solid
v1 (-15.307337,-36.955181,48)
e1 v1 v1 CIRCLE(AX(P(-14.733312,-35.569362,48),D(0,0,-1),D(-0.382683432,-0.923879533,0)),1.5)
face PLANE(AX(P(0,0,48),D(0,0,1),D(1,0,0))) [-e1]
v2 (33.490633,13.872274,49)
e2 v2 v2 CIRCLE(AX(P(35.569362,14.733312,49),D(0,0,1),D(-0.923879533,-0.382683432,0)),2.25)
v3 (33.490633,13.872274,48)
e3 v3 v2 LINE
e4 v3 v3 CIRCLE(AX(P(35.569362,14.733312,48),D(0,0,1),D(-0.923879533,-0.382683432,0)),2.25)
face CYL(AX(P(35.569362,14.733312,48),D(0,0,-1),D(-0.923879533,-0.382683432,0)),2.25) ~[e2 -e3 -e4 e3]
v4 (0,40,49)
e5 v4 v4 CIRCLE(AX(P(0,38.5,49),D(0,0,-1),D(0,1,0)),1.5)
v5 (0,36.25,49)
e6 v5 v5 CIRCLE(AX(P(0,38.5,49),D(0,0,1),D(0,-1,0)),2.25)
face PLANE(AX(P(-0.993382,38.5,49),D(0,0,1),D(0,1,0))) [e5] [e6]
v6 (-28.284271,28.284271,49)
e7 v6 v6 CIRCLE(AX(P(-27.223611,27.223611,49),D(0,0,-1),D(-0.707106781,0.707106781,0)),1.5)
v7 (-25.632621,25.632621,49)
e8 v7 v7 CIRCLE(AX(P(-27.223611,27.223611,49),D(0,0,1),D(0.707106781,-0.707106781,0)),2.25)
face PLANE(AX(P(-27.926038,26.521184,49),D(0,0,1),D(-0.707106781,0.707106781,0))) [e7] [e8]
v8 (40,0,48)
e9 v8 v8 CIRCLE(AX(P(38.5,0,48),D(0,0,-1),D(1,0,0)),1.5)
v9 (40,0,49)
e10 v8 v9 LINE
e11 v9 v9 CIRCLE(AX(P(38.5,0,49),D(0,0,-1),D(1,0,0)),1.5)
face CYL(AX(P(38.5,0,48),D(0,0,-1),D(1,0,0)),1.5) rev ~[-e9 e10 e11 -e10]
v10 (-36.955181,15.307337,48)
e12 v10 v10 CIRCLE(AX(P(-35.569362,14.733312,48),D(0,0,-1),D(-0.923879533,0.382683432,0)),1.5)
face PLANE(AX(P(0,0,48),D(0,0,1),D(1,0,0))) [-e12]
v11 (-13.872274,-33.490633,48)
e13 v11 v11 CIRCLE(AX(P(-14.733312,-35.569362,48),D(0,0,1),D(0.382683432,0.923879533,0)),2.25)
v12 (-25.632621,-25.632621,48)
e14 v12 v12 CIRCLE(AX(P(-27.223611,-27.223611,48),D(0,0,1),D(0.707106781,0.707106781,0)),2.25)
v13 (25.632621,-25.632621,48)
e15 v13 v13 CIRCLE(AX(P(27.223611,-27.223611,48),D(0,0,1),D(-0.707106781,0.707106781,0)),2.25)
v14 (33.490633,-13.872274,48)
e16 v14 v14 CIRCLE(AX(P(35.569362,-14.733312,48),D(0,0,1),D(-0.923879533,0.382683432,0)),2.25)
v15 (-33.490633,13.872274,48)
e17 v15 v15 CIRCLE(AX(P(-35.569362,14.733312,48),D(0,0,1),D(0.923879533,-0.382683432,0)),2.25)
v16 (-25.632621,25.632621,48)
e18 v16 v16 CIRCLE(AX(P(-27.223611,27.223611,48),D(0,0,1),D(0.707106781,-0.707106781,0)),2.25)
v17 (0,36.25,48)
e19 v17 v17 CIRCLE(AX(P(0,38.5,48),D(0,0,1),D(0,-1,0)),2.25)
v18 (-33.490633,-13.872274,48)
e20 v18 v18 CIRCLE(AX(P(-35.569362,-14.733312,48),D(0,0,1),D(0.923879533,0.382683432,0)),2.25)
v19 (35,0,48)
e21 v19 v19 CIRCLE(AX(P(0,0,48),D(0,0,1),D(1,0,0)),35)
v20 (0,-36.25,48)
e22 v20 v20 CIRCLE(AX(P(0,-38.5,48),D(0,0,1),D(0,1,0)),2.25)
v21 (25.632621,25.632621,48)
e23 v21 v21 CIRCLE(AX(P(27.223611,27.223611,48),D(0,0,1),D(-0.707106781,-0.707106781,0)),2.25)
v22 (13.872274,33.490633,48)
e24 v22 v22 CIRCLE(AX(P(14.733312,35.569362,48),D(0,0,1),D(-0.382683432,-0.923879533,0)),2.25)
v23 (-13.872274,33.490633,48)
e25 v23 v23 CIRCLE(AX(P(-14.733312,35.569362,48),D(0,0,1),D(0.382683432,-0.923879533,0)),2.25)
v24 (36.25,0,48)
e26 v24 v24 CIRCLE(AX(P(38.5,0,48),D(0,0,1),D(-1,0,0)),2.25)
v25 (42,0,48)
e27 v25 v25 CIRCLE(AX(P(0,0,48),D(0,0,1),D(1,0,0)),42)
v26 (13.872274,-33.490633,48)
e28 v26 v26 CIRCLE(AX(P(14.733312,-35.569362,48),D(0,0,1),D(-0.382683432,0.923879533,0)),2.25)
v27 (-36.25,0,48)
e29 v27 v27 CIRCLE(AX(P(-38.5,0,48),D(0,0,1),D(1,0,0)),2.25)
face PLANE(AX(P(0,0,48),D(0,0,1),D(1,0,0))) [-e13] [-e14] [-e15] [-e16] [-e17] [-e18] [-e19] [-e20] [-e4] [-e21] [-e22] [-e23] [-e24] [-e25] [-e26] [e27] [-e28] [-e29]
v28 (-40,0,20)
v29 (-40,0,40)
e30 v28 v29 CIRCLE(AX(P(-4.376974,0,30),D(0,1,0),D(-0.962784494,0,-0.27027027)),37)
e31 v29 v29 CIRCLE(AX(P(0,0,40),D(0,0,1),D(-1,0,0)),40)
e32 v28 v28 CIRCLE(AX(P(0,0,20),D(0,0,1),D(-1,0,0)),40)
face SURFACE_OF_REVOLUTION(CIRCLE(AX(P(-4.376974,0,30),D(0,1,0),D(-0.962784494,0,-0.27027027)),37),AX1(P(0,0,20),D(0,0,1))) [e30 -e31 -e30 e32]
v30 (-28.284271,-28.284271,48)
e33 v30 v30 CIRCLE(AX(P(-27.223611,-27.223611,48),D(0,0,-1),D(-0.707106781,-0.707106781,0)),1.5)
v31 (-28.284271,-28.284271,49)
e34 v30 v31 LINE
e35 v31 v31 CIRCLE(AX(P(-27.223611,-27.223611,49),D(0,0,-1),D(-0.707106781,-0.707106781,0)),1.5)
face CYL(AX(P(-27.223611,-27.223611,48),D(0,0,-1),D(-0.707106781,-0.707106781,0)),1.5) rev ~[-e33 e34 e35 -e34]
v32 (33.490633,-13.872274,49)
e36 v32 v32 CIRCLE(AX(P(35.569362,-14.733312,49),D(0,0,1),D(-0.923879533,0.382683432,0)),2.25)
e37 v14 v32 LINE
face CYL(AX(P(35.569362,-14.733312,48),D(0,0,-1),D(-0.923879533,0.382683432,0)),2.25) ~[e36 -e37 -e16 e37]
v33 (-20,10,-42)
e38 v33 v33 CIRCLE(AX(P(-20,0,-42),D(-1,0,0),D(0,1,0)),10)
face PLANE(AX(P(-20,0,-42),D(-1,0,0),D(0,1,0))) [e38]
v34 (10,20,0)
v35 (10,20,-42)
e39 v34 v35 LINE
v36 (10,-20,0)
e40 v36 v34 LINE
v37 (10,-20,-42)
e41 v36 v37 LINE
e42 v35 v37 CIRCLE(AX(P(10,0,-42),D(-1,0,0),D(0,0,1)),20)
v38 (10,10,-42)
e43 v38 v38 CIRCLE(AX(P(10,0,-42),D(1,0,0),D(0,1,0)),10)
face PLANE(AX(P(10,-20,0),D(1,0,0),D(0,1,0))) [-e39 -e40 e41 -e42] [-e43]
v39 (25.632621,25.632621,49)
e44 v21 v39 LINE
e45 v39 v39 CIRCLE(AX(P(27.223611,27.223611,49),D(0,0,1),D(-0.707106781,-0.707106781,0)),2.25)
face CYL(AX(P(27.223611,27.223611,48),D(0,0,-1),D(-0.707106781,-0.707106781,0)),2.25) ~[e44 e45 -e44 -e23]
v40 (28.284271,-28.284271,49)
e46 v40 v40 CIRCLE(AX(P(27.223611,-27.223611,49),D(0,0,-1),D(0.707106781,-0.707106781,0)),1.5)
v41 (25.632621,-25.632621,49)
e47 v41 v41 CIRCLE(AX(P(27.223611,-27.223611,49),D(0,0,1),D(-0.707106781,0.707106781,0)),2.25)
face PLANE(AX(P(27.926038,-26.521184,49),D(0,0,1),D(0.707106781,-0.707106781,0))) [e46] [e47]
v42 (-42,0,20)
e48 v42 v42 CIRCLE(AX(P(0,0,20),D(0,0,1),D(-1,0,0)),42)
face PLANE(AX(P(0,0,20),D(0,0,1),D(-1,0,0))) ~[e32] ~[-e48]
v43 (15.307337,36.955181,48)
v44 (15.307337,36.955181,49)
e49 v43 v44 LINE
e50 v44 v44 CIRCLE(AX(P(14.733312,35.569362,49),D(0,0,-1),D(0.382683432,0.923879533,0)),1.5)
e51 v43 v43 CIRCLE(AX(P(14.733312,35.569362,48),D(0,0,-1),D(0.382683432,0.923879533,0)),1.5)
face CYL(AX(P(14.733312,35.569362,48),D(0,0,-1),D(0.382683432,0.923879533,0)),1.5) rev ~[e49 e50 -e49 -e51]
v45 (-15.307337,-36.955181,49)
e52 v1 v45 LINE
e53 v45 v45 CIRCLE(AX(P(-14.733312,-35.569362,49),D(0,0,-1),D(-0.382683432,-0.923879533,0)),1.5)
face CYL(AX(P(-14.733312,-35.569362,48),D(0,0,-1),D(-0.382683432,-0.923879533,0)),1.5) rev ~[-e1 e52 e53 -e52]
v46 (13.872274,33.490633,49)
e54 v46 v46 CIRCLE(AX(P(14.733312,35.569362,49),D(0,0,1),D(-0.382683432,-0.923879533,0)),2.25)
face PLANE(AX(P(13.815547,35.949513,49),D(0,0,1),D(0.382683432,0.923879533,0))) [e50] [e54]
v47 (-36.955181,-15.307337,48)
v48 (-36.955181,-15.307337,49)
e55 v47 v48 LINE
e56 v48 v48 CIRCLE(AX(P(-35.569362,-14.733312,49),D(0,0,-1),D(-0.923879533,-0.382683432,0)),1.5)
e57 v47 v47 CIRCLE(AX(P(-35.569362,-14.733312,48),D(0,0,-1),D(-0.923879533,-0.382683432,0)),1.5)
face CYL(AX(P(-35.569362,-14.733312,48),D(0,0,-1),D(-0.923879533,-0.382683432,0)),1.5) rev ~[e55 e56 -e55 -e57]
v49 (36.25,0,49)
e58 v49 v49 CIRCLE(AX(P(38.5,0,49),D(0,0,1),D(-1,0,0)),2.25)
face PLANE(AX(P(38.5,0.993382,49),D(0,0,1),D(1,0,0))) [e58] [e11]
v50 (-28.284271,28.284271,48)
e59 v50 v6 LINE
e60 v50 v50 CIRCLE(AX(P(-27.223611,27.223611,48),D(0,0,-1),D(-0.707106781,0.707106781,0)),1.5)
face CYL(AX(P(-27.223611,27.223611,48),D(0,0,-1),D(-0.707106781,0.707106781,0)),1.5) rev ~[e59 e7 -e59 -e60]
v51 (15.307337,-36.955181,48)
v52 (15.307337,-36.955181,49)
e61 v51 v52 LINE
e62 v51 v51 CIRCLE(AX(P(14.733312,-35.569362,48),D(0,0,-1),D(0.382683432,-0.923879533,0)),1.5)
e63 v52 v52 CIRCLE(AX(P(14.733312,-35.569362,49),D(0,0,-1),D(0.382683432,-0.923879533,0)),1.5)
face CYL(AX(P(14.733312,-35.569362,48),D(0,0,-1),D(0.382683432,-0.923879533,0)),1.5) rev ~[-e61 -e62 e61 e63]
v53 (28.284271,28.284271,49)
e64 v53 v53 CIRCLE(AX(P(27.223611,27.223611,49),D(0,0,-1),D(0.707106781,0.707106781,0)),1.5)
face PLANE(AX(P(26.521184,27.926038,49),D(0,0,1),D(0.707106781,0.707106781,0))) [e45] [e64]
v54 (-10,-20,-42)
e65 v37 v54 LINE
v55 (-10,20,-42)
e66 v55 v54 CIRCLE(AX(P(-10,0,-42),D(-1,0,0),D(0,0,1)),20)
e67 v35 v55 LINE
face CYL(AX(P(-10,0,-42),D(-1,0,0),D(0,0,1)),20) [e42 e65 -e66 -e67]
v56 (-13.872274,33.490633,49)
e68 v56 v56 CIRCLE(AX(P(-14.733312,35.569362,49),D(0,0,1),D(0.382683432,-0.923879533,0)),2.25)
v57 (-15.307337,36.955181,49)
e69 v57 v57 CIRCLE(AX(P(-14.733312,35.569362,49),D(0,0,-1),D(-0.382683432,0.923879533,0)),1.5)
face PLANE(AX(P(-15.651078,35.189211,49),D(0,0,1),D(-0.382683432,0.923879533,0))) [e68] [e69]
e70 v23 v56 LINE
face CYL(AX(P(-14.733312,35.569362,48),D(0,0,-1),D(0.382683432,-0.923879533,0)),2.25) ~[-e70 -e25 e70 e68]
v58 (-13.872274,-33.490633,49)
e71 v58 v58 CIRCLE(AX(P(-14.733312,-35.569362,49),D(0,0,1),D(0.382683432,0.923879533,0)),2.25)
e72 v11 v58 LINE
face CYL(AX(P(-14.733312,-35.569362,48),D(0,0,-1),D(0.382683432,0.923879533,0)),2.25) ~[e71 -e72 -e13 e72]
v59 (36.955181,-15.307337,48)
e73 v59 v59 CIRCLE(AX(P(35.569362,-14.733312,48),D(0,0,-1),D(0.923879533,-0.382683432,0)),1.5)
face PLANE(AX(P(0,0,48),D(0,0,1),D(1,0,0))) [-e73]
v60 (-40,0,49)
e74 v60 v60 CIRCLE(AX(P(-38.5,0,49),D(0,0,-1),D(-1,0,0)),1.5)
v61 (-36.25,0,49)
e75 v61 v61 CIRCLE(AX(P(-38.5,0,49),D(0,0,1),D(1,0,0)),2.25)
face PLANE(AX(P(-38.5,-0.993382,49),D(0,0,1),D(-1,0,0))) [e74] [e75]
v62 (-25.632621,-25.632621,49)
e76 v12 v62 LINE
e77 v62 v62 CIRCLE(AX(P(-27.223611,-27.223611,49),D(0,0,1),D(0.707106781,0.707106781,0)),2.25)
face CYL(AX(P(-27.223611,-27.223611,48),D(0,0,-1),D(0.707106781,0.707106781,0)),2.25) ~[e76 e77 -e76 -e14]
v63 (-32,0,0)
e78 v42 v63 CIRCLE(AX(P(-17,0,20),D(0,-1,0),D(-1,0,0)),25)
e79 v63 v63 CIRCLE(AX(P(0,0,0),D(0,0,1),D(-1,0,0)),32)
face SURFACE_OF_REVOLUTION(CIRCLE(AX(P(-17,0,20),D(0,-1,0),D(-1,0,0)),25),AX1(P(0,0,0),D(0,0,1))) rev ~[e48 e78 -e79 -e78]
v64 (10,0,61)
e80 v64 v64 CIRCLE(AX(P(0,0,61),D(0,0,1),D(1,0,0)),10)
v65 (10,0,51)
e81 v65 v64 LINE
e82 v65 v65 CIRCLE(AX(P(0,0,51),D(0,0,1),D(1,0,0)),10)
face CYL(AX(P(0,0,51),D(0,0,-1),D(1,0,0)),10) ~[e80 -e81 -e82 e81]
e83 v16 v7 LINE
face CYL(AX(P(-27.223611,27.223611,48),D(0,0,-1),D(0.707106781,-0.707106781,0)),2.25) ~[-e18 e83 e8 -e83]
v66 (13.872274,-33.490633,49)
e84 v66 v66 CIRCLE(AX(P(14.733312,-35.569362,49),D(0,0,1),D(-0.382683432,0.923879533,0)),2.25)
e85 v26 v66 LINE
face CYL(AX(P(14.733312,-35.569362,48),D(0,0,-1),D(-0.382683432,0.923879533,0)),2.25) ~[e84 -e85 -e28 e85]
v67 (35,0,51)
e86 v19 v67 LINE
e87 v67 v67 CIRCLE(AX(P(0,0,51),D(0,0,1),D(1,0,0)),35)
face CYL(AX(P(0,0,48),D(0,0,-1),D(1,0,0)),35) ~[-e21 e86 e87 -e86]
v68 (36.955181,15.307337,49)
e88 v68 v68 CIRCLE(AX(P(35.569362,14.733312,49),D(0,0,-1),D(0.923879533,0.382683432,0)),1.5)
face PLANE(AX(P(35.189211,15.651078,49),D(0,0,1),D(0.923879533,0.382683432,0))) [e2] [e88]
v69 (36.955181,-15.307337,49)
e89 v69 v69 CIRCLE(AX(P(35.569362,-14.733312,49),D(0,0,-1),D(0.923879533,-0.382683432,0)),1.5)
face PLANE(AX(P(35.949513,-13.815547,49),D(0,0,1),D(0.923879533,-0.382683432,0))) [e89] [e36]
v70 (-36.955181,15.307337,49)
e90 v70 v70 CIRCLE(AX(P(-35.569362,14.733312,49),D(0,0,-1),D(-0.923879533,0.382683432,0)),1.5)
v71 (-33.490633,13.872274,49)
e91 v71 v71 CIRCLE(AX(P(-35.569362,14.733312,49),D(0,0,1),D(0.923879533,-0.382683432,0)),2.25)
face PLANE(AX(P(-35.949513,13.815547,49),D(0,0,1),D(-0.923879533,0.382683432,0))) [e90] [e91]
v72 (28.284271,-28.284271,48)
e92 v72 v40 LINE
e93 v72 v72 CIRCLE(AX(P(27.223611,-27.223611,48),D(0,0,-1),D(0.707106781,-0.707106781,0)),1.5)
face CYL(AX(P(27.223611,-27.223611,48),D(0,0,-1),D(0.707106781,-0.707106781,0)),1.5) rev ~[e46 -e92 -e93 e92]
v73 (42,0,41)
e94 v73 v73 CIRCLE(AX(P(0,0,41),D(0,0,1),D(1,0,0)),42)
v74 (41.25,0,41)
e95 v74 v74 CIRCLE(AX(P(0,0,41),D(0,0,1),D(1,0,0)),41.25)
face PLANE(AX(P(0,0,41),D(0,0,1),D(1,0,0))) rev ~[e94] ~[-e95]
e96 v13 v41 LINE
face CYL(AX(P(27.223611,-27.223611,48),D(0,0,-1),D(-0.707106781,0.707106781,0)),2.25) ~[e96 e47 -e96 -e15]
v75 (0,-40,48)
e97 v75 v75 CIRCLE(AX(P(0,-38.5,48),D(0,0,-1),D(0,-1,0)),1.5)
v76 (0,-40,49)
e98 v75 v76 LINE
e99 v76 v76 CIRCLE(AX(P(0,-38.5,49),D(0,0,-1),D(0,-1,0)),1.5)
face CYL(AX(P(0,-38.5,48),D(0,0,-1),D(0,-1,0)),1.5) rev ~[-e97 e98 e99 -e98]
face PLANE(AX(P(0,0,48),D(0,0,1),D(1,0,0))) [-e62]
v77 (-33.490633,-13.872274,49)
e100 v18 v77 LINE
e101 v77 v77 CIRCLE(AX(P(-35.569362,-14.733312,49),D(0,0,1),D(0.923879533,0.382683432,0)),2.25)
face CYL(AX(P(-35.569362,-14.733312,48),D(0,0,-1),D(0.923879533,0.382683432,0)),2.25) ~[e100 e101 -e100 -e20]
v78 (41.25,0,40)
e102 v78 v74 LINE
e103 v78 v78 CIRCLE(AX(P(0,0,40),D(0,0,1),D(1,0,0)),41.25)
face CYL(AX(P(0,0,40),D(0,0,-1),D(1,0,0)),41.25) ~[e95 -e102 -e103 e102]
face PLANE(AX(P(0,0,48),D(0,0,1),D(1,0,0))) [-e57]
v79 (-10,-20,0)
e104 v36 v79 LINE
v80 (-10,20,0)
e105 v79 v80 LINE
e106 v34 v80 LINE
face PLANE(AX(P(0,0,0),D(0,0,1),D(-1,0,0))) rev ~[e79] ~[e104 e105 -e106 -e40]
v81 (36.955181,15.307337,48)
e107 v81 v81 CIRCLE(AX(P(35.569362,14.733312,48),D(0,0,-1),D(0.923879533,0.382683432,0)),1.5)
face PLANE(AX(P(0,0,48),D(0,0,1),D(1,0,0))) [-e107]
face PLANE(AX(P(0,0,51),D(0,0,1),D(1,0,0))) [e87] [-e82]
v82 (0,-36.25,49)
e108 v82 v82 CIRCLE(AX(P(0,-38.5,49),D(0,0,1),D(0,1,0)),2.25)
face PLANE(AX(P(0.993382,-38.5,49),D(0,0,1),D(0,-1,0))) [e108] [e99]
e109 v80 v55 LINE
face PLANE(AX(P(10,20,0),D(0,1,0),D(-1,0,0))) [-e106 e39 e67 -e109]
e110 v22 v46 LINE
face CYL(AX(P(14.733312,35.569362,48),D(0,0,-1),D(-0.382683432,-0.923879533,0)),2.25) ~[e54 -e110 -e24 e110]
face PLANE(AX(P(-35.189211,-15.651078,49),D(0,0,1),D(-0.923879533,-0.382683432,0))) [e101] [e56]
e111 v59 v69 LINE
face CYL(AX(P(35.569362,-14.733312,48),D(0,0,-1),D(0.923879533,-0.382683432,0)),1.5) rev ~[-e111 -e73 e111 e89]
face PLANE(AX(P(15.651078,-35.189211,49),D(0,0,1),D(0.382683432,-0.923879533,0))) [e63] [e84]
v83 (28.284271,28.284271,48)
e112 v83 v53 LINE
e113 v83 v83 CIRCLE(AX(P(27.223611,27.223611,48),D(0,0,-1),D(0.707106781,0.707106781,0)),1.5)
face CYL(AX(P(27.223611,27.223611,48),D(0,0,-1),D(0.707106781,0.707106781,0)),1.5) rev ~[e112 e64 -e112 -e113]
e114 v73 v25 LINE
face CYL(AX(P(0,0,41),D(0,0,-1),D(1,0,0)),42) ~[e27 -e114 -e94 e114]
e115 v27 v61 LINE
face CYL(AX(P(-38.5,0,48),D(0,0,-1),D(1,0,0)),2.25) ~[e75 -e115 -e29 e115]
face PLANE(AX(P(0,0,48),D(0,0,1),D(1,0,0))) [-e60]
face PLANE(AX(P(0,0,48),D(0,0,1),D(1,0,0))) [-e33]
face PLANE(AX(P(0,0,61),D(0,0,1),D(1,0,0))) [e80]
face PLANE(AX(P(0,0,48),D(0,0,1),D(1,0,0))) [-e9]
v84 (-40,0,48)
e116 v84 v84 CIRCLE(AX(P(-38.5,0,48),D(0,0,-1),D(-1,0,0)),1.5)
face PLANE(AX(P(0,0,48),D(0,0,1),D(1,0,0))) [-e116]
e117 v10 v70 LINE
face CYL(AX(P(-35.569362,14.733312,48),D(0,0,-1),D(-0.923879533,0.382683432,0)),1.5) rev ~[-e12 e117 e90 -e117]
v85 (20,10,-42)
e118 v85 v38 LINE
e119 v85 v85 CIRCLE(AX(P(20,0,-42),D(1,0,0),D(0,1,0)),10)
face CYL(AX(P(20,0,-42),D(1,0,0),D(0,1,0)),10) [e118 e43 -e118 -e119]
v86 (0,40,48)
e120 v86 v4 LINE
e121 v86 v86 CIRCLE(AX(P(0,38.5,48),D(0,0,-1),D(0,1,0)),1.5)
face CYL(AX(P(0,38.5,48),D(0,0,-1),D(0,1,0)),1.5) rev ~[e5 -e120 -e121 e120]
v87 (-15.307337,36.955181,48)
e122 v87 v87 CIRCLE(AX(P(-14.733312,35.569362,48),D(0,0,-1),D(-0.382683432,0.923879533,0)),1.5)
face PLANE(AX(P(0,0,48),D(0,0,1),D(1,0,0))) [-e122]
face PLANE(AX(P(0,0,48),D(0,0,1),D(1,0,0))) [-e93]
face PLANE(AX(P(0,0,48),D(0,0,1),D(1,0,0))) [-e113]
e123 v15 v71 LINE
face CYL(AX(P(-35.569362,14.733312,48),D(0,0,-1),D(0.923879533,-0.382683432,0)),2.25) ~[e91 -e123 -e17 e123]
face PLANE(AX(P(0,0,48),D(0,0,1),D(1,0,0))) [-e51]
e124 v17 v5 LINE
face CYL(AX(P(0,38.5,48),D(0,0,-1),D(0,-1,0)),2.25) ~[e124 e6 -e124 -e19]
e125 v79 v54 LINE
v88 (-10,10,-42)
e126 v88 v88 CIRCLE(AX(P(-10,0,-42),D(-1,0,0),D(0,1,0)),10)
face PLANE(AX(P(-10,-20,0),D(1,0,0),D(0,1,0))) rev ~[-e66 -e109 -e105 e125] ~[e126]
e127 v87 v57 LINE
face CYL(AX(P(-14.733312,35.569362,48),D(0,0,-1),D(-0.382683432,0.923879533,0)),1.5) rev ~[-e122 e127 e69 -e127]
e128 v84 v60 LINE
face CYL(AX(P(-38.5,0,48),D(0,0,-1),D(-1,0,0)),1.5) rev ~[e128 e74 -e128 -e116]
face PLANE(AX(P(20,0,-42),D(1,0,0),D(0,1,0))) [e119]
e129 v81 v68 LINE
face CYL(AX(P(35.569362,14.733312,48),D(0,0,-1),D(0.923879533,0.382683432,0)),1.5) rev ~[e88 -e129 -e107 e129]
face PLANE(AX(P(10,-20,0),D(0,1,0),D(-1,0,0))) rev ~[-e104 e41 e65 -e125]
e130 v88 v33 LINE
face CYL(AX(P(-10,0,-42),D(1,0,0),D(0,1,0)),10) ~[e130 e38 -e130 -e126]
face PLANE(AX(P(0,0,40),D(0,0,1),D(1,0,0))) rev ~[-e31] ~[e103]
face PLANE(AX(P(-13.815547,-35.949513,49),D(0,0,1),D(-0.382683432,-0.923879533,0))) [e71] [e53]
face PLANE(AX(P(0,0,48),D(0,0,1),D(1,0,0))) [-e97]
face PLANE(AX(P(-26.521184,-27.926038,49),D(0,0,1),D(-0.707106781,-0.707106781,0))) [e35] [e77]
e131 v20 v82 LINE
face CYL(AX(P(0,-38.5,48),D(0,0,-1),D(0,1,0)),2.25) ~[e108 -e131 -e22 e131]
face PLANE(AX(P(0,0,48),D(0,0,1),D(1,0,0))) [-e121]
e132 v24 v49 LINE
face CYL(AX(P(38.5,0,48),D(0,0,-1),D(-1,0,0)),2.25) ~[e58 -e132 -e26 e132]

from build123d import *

# Parameters (mm, degrees)
SKETCH2_R            = 39.5
BOSS_EXTRUDE2_DEPTH  = 1
SKETCH6_R            = 41.25
BOSS_EXTRUDE3_DEPTH  = 1
SKETCH7_R            = 42
BOSS_EXTRUDE4_DEPTH  = 7
SKETCH8_R            = 35
BOSS_EXTRUDE5_DEPTH  = 3
BOSS_EXTRUDE6_DEPTH  = 1
CIRPATTERN1_COUNT    = 16
SKETCH10_W           = 20
SKETCH10_H           = 40
BOSS_EXTRUDE7_DEPTH  = 42
SKETCH11_R           = 20
BOSS_EXTRUDE8_DEPTH  = 20
SKETCH12_R           = 10
BOSS_EXTRUDE10_DEPTH = 10
SKETCH13_R           = 10
BOSS_EXTRUDE11_DEPTH = 10
BOSS_EXTRUDE12_START = 10
SKETCH14_R           = 10
BOSS_EXTRUDE12_DEPTH = 10


with BuildPart() as part:
    # Sketch1 → Revolve1 (revolve)
    with BuildSketch(Plane(origin=(0, 0, 0), x_dir=(1, 0, 0), z_dir=(0, 1, 0))):
        with BuildLine():
            Line((0, 0), (0, -20))
            Line((0, -20), (-42, -20))
            ThreePointArc((-42, -20), (-39.360679775, -8.819660113), (-32, 0))
            Line((-32, 0), (0, 0))
        make_face()
    revolve(axis=Axis((0, 0, 0), (0, 0, 1)))

    # Sketch2 → Boss-Extrude2 (add)
    with BuildSketch(Plane.XY.offset(20)):
        Circle(SKETCH2_R)
    extrude(amount=BOSS_EXTRUDE2_DEPTH)

    # Sketch5 → Revolve2 (revolve)
    with BuildSketch(Plane(origin=(0, 0, 0), x_dir=(1, 0, 0), z_dir=(0, 1, 0))):
        with BuildLine():
            Line((0, -20), (-40, -20))
            ThreePointArc((-40, -20), (-41.376973739, -30), (-40, -40))
            Line((-40, -40), (0, -40))
            Line((0, -40), (0, -20))
        make_face()
    revolve(axis=Axis((0, 0, 20), (0, 0, 1)))

    # Sketch6 → Boss-Extrude3 (add)
    with BuildSketch(Plane.XY.offset(40)):
        Circle(SKETCH6_R)
    extrude(amount=BOSS_EXTRUDE3_DEPTH)

    # Sketch7 → Boss-Extrude4 (add)
    with BuildSketch(Plane.XY.offset(41)):
        Circle(SKETCH7_R)
    extrude(amount=BOSS_EXTRUDE4_DEPTH)

    # Sketch8 → Boss-Extrude5 (add)
    with BuildSketch(Plane.XY.offset(48)):
        Circle(SKETCH8_R)
    extrude(amount=BOSS_EXTRUDE5_DEPTH)

    # Sketch9 → Boss-Extrude6 (add)
    with BuildSketch(Plane.XY.offset(48)):
        with BuildLine():
            ThreePointArc((37, 0), (38.5, 1.5), (40, 0))
            Line((40, 0), (40.75, 0))
            ThreePointArc((40.75, 0), (38.5, 2.25), (36.25, 0))
            Line((36.25, 0), (37, 0))
        make_face()
        with BuildLine():
            Line((40.75, 0), (40, 0))
            ThreePointArc((40, 0), (38.5, -1.5), (37, 0))
            Line((37, 0), (36.25, 0))
            ThreePointArc((36.25, 0), (38.5, -2.25), (40.75, 0))
        make_face()
    boss_extrude6 = extrude(amount=BOSS_EXTRUDE6_DEPTH)

    # CirPattern1: Boss-Extrude6 ×16 about axis
    cirpattern1_axis = Axis((0, 0, 0), (0, 0, 1))
    for i in range(1, CIRPATTERN1_COUNT):
        add(boss_extrude6.rotate(cirpattern1_axis, i * 360 / CIRPATTERN1_COUNT))

    # Sketch10 → Boss-Extrude7 (add)
    with BuildSketch(Plane(origin=(0, 0, 0), x_dir=(-1, 0, 0), z_dir=(0, 0, -1))):
        Rectangle(SKETCH10_W, SKETCH10_H)
    extrude(amount=BOSS_EXTRUDE7_DEPTH)

    # Sketch11 → Boss-Extrude8 (add)
    with BuildSketch(Plane.ZY.offset(10)):
        with Locations((-42, 0)):
            Circle(SKETCH11_R)
    extrude(amount=-BOSS_EXTRUDE8_DEPTH)

    # Sketch12 → Boss-Extrude10 (add)
    with BuildSketch(Plane.ZY.offset(10)):
        with Locations(Location((-42, 0, 0), (0, 0, 90))):
            Circle(SKETCH12_R)
    extrude(amount=BOSS_EXTRUDE10_DEPTH)

    # Sketch13 → Boss-Extrude11 (add)
    with BuildSketch(Plane.XY.offset(51)):
        Circle(SKETCH13_R)
    extrude(amount=BOSS_EXTRUDE11_DEPTH)

    # Sketch14 → Boss-Extrude12 (add)
    with BuildSketch(Plane(origin=(10, 0, 0), x_dir=(0, 0, -1), z_dir=(1, 0, 0)).offset(BOSS_EXTRUDE12_START)):
        with Locations(Location((42, 0, 0), (0, 0, 90))):
            Circle(SKETCH14_R)
    extrude(amount=-BOSS_EXTRUDE12_DEPTH)


solid = part.part
